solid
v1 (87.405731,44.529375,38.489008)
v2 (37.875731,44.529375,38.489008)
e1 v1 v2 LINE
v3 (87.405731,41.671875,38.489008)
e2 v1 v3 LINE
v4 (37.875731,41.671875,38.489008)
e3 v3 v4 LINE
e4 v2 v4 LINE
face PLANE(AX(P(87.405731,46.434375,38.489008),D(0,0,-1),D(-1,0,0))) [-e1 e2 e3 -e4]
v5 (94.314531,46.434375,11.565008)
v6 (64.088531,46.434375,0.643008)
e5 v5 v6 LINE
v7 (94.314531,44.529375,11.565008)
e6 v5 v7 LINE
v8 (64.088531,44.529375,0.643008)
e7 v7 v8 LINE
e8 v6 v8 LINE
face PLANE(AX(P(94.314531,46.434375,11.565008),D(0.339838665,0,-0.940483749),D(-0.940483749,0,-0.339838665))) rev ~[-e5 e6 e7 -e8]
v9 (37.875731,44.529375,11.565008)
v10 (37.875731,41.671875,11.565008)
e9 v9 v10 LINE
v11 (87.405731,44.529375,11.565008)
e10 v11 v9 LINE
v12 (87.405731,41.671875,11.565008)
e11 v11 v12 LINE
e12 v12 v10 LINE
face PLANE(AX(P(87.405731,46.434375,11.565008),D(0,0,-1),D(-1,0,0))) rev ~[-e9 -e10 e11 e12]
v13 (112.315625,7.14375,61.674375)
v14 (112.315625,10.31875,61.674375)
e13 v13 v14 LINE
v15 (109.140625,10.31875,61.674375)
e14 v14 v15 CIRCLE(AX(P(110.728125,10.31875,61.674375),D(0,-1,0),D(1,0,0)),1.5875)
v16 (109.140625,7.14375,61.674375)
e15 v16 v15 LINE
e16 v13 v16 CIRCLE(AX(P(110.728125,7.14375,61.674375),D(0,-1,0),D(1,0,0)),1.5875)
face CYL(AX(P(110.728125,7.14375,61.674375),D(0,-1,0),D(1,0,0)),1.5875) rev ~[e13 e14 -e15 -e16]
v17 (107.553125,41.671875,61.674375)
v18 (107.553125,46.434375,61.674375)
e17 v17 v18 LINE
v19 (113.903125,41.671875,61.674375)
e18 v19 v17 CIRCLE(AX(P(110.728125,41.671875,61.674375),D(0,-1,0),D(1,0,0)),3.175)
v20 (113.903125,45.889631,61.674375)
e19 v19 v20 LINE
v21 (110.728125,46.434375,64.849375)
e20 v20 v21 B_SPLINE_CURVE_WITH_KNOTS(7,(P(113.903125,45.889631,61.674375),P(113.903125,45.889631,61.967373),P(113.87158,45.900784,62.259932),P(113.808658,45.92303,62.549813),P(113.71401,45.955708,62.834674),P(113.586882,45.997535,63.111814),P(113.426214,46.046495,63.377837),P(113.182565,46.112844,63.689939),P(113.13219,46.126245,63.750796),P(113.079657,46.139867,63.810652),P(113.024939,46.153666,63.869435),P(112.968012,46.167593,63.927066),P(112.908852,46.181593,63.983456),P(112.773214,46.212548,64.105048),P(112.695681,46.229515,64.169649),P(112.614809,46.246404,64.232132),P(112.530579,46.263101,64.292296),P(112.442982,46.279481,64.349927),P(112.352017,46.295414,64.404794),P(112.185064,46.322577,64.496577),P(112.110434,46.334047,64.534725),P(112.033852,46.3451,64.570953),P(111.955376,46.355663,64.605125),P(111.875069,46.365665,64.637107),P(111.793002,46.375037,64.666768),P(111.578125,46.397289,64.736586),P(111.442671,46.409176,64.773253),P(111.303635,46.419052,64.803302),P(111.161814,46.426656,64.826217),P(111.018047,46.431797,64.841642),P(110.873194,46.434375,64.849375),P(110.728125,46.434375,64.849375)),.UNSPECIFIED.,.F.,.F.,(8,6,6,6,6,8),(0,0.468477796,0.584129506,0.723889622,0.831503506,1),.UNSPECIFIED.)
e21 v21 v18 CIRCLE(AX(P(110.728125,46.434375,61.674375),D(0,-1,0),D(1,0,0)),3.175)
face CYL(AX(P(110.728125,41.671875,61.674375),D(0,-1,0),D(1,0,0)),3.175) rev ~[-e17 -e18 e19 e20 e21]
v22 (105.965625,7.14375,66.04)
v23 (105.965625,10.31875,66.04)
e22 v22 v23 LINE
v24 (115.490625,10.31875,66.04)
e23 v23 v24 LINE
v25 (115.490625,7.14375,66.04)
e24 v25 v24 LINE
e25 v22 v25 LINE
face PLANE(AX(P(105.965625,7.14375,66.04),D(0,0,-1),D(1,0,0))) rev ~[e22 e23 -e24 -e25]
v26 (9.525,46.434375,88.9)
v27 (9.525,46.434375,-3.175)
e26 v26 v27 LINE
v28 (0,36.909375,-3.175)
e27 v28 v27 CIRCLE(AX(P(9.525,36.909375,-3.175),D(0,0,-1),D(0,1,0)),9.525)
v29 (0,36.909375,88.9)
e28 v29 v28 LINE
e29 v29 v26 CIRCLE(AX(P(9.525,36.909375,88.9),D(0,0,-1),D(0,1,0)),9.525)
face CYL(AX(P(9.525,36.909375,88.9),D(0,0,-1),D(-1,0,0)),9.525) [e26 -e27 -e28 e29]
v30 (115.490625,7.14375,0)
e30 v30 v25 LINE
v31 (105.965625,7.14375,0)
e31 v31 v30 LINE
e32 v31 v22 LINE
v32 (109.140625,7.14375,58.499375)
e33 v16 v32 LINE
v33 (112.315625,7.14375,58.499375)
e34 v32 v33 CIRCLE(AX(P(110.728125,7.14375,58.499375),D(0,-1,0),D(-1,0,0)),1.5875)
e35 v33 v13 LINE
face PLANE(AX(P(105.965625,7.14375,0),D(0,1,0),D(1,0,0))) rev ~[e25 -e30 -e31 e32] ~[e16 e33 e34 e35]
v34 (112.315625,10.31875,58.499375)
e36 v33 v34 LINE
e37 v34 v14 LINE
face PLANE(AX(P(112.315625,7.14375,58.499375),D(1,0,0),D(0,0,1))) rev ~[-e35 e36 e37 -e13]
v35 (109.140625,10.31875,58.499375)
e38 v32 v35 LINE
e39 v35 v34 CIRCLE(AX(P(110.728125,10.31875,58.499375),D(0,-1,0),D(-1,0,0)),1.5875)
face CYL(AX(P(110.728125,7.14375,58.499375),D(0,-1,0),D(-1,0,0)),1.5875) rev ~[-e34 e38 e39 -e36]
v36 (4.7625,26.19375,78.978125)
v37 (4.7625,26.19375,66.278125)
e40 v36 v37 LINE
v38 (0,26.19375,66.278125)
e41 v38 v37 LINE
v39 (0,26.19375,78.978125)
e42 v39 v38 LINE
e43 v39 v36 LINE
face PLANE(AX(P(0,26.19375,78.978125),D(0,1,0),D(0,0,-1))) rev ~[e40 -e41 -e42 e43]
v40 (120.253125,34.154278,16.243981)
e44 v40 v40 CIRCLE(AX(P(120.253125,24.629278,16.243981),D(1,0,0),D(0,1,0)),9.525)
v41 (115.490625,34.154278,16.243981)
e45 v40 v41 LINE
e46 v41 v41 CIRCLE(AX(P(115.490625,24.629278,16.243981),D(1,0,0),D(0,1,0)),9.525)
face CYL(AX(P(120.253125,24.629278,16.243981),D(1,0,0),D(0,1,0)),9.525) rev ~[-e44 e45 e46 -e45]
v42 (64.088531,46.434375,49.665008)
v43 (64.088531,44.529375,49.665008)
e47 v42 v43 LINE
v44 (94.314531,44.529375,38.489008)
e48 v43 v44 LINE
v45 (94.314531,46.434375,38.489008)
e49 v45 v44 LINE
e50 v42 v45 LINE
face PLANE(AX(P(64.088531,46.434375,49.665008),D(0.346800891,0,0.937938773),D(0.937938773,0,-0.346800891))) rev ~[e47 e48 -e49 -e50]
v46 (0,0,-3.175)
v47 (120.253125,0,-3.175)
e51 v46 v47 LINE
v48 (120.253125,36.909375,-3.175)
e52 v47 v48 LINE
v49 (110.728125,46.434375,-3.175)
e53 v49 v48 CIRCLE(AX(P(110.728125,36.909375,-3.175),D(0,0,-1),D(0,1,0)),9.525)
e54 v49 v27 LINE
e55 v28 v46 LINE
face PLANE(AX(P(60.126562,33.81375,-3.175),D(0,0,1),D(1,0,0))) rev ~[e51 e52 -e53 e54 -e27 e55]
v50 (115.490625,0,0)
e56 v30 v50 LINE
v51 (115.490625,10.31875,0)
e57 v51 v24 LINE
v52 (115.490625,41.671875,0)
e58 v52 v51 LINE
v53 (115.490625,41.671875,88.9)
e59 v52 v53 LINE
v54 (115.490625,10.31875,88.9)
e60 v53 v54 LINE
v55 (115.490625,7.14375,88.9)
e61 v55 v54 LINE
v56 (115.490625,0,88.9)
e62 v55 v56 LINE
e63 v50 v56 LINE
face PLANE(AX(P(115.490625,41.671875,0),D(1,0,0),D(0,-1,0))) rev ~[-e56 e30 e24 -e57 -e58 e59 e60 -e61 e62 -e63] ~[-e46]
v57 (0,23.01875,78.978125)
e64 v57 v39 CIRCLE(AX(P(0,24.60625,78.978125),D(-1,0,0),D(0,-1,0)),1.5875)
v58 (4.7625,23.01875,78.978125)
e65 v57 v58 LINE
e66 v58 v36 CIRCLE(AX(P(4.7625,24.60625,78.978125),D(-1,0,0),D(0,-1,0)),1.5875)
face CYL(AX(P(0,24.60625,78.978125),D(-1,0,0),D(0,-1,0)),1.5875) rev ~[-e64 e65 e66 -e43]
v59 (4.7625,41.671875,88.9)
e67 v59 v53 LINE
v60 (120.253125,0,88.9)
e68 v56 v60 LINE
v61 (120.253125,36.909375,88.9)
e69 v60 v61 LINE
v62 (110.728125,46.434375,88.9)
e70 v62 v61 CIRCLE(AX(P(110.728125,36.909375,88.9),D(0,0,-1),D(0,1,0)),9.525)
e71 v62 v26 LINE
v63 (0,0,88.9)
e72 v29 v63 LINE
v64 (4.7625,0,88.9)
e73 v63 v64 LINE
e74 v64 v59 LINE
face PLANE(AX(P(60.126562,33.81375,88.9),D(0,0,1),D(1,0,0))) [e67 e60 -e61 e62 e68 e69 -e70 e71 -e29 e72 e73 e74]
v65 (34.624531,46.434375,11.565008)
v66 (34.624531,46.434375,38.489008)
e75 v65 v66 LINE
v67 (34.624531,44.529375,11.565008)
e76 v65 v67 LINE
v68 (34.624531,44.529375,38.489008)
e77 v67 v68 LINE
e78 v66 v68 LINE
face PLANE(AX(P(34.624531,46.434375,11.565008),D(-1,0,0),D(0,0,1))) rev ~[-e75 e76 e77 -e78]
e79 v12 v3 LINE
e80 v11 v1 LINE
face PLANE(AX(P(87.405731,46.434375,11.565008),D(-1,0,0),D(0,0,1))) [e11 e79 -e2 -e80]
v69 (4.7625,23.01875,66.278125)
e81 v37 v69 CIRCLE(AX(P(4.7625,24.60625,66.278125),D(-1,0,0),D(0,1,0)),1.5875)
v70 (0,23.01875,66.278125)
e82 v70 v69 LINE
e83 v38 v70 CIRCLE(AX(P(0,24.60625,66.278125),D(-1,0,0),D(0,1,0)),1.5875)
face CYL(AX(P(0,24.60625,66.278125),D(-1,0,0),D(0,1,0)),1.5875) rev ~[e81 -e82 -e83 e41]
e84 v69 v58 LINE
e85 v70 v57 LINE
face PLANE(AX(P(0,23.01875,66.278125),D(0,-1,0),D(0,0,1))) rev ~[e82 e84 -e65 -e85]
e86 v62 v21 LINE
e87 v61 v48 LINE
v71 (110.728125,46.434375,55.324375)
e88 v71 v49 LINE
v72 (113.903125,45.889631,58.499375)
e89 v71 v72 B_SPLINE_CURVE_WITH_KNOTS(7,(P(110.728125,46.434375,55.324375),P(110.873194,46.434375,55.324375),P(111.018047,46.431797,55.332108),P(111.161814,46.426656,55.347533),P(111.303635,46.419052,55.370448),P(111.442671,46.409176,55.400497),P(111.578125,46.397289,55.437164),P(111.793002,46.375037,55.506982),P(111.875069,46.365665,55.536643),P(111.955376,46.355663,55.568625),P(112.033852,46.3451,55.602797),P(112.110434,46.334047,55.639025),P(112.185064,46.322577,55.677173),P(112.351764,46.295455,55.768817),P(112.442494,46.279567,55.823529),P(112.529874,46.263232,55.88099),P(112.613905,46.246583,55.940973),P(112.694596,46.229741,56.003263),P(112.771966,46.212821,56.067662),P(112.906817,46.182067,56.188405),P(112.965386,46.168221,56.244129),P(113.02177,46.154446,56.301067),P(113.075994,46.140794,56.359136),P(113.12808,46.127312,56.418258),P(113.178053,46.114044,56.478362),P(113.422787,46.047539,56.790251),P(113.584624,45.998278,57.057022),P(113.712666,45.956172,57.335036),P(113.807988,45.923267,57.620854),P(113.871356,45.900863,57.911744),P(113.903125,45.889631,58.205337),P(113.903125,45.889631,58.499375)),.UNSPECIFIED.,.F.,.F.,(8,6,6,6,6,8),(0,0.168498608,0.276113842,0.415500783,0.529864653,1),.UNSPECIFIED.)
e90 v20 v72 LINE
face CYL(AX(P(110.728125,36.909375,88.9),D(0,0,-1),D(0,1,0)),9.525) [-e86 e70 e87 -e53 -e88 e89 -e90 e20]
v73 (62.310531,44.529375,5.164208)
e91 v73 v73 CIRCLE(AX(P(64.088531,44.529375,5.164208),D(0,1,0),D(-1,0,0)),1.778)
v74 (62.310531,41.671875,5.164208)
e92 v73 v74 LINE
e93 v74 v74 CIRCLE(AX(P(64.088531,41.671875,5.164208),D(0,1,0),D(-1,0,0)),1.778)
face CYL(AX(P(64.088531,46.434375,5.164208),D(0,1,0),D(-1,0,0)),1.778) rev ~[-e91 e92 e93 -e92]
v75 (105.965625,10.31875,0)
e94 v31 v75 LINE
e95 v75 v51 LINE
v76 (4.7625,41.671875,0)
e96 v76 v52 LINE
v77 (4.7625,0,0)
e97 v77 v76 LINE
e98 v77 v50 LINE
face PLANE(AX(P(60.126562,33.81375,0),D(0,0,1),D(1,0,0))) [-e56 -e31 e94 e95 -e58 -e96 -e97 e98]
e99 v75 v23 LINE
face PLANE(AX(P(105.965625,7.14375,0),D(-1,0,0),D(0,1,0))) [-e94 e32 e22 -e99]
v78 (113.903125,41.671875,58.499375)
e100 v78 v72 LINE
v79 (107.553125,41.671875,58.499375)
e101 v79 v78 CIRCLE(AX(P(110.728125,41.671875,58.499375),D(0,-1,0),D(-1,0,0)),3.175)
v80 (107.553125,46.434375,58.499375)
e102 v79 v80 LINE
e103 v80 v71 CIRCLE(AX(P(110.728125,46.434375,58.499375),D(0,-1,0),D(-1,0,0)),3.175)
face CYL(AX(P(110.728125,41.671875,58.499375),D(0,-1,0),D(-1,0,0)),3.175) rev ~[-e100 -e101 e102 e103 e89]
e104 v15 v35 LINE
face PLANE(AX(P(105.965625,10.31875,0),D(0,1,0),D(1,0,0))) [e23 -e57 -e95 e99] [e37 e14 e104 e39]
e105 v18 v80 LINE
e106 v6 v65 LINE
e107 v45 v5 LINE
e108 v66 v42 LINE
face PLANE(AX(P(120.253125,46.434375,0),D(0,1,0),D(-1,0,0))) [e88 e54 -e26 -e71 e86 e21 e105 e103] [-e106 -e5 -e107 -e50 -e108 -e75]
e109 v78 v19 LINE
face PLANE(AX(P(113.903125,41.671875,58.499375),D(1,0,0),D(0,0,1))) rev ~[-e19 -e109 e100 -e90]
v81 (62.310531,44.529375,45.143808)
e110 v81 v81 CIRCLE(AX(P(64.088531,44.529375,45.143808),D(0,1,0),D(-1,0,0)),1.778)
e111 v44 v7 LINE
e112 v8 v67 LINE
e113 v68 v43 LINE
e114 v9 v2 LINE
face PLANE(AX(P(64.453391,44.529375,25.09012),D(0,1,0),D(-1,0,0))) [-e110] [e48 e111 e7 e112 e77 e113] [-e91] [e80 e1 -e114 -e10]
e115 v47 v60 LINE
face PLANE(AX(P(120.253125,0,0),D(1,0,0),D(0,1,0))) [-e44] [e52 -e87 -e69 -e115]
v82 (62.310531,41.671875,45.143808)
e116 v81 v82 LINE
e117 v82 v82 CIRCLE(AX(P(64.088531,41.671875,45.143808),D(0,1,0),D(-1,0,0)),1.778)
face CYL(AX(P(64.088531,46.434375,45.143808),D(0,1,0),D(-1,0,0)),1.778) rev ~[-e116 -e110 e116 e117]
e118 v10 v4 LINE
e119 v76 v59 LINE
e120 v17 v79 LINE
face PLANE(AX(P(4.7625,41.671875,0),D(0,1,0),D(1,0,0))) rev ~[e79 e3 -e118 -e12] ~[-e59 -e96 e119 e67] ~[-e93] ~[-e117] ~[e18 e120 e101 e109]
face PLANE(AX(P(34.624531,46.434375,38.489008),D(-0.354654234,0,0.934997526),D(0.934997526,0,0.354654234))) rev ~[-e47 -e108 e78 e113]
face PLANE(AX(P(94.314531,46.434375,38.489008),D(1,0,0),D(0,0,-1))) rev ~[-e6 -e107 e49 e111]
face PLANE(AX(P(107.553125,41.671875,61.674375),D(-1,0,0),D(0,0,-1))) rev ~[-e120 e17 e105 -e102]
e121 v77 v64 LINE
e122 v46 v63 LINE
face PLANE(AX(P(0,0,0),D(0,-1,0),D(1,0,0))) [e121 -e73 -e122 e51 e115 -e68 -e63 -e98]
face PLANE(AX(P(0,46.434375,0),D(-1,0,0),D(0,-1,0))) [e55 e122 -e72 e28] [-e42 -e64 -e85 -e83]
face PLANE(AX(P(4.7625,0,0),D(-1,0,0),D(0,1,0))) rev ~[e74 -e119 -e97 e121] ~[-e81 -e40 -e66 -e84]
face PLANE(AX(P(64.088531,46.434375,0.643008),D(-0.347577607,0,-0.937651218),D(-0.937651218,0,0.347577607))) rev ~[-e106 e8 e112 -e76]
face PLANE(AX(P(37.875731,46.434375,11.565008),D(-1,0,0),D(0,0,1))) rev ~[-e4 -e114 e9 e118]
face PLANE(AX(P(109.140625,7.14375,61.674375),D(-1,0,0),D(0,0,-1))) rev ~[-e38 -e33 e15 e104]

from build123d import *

# Parameters (mm, degrees)
F1_DEPTH  = 88.9
F0_W      = 110.728125
F0_H      = 41.671875
F2_DEPTH  = 3.175
F3_W      = 9.525
F3_H      = 3.175
F4_DEPTH  = 88.9
F5_W      = 9.525
F5_H      = 22.86
F6_DEPTH  = 3.175
F8_DEPTH  = 4.7625
F9_R      = 9.525
F10_W     = 49.53
F10_H     = 26.924
F10_R     = 1.778
F11_DEPTH = 4.7625
F12_DEPTH = 1.905
F14_DEPTH = 4.7625
F15_R     = 9.525
F16_DEPTH = 4.7625


with BuildPart() as f1:
    # F0 (on Top) → F1 (new body)
    with BuildSketch(Plane.XY):
        Polygon((0, 46.434375), (0, 0), (4.7625, 0), (4.7625, 41.671875), (115.490625, 41.671875), (115.490625, 0), (120.253125, 0), (120.253125, 46.434375), align=None)
    extrude(amount=F1_DEPTH)

    # F0 (on Top) → F2 (join)
    with BuildSketch(Plane.XY):
        Polygon((0, 46.434375), (0, 0), (4.7625, 0), (4.7625, 41.671875), (115.490625, 41.671875), (115.490625, 0), (120.253125, 0), (120.253125, 46.434375), align=None)
        with Locations((60.1265625, 20.8359375)):
            Rectangle(F0_W, F0_H)
    extrude(amount=-F2_DEPTH)

    # F3 (on face) → F4 (join, through all)
    with BuildSketch(Plane.XY):
        with Locations((110.728125, 8.73125)):
            Rectangle(F3_W, F3_H)
    extrude(amount=F4_DEPTH)

    # F5 (on face) → F6 (cut, through all)
    with BuildSketch(Plane.XZ.offset(-7.14375)):
        with Locations((110.728125, 77.4700000001)):
            Rectangle(F5_W, F5_H)
        with BuildLine():
            Line((112.315625, 58.4993750001), (112.315625, 61.6743750001))
            ThreePointArc((112.315625, 61.6743750001), (110.728125, 63.2618750001), (109.140625, 61.6743750001))
            Line((109.140625, 61.6743750001), (109.140625, 58.4993750001))
            ThreePointArc((109.140625, 58.4993750001), (110.728125, 56.9118750001), (112.315625, 58.4993750001))
        make_face()
    extrude(amount=-F6_DEPTH, mode=Mode.SUBTRACT)

    # F7 (on face) → F8 (cut, through all)
    with BuildSketch(Plane(origin=(0, 0, 0), x_dir=(0, -1, 0), z_dir=(-1, 0, 0))):
        with BuildLine():
            Line((-23.01875, 66.278125), (-23.01875, 78.978125))
            ThreePointArc((-23.01875, 78.978125), (-24.60625, 80.565625), (-26.19375, 78.978125))
            Line((-26.19375, 78.978125), (-26.19375, 66.278125))
            ThreePointArc((-26.19375, 66.278125), (-24.60625, 64.690625), (-23.01875, 66.278125))
        make_face()
    extrude(amount=-F8_DEPTH, mode=Mode.SUBTRACT)

    # F9
    f9_edges = [f1.edges().sort_by_distance(p)[0] for p in [
        (120.253125, 46.434375, 42.8625),
        (0, 46.434375, 42.8625),
    ]]
    fillet(f9_edges, radius=F9_R)

    # F10 (on face) → F11 (cut, through all)
    with BuildSketch(Plane(origin=(0, 46.434375, 0), x_dir=(-1, 0, 0), z_dir=(0, 1, 0))):
        with Locations((-62.6407308385, 25.0270083303)):
            Rectangle(F10_W, F10_H)
        with Locations((-64.0885308385, 45.1438083303)):
            Circle(F10_R)
        with Locations((-64.0885308385, 5.1642083303)):
            Circle(F10_R)
    extrude(amount=-F11_DEPTH, mode=Mode.SUBTRACT)

    # F10 (on face) → F12 (cut)
    with BuildSketch(Plane(origin=(0, 46.434375, 0), x_dir=(-1, 0, 0), z_dir=(0, 1, 0))):
        Polygon((-94.3145308385, 38.4890083303), (-94.3145308385, 11.5650083303), (-64.0885308385, 0.6430083303), (-34.6245308385, 11.5650083303), (-34.6245308385, 38.4890083303), (-64.0885308385, 49.6650083303), align=None)
        with Locations((-64.0885308385, 5.1642083303)):
            Circle(F10_R, mode=Mode.SUBTRACT)
        with Locations((-62.6407308385, 25.0270083303)):
            Rectangle(F10_W, F10_H, mode=Mode.SUBTRACT)
        with Locations((-64.0885308385, 45.1438083303)):
            Circle(F10_R, mode=Mode.SUBTRACT)
    extrude(amount=-F12_DEPTH, mode=Mode.SUBTRACT)

    # F13 (on face) → F14 (cut, through all)
    with BuildSketch(Plane.XZ.offset(-41.671875)):
        with BuildLine():
            Line((113.903125, 58.4993750001), (113.903125, 61.6743750001))
            ThreePointArc((113.903125, 61.6743750001), (110.728125, 64.8493750001), (107.553125, 61.6743750001))
            Line((107.553125, 61.6743750001), (107.553125, 58.4993750001))
            ThreePointArc((107.553125, 58.4993750001), (110.728125, 55.3243750001), (113.903125, 58.4993750001))
        make_face()
    extrude(amount=-F14_DEPTH, mode=Mode.SUBTRACT)

    # F15 (on face) → F16 (cut, through all)
    with BuildSketch(Plane.YZ.offset(120.253125)):
        with Locations((24.6292781085, 16.2439811975)):
            Circle(F15_R)
    extrude(amount=-F16_DEPTH, mode=Mode.SUBTRACT)


solid = f1.part
